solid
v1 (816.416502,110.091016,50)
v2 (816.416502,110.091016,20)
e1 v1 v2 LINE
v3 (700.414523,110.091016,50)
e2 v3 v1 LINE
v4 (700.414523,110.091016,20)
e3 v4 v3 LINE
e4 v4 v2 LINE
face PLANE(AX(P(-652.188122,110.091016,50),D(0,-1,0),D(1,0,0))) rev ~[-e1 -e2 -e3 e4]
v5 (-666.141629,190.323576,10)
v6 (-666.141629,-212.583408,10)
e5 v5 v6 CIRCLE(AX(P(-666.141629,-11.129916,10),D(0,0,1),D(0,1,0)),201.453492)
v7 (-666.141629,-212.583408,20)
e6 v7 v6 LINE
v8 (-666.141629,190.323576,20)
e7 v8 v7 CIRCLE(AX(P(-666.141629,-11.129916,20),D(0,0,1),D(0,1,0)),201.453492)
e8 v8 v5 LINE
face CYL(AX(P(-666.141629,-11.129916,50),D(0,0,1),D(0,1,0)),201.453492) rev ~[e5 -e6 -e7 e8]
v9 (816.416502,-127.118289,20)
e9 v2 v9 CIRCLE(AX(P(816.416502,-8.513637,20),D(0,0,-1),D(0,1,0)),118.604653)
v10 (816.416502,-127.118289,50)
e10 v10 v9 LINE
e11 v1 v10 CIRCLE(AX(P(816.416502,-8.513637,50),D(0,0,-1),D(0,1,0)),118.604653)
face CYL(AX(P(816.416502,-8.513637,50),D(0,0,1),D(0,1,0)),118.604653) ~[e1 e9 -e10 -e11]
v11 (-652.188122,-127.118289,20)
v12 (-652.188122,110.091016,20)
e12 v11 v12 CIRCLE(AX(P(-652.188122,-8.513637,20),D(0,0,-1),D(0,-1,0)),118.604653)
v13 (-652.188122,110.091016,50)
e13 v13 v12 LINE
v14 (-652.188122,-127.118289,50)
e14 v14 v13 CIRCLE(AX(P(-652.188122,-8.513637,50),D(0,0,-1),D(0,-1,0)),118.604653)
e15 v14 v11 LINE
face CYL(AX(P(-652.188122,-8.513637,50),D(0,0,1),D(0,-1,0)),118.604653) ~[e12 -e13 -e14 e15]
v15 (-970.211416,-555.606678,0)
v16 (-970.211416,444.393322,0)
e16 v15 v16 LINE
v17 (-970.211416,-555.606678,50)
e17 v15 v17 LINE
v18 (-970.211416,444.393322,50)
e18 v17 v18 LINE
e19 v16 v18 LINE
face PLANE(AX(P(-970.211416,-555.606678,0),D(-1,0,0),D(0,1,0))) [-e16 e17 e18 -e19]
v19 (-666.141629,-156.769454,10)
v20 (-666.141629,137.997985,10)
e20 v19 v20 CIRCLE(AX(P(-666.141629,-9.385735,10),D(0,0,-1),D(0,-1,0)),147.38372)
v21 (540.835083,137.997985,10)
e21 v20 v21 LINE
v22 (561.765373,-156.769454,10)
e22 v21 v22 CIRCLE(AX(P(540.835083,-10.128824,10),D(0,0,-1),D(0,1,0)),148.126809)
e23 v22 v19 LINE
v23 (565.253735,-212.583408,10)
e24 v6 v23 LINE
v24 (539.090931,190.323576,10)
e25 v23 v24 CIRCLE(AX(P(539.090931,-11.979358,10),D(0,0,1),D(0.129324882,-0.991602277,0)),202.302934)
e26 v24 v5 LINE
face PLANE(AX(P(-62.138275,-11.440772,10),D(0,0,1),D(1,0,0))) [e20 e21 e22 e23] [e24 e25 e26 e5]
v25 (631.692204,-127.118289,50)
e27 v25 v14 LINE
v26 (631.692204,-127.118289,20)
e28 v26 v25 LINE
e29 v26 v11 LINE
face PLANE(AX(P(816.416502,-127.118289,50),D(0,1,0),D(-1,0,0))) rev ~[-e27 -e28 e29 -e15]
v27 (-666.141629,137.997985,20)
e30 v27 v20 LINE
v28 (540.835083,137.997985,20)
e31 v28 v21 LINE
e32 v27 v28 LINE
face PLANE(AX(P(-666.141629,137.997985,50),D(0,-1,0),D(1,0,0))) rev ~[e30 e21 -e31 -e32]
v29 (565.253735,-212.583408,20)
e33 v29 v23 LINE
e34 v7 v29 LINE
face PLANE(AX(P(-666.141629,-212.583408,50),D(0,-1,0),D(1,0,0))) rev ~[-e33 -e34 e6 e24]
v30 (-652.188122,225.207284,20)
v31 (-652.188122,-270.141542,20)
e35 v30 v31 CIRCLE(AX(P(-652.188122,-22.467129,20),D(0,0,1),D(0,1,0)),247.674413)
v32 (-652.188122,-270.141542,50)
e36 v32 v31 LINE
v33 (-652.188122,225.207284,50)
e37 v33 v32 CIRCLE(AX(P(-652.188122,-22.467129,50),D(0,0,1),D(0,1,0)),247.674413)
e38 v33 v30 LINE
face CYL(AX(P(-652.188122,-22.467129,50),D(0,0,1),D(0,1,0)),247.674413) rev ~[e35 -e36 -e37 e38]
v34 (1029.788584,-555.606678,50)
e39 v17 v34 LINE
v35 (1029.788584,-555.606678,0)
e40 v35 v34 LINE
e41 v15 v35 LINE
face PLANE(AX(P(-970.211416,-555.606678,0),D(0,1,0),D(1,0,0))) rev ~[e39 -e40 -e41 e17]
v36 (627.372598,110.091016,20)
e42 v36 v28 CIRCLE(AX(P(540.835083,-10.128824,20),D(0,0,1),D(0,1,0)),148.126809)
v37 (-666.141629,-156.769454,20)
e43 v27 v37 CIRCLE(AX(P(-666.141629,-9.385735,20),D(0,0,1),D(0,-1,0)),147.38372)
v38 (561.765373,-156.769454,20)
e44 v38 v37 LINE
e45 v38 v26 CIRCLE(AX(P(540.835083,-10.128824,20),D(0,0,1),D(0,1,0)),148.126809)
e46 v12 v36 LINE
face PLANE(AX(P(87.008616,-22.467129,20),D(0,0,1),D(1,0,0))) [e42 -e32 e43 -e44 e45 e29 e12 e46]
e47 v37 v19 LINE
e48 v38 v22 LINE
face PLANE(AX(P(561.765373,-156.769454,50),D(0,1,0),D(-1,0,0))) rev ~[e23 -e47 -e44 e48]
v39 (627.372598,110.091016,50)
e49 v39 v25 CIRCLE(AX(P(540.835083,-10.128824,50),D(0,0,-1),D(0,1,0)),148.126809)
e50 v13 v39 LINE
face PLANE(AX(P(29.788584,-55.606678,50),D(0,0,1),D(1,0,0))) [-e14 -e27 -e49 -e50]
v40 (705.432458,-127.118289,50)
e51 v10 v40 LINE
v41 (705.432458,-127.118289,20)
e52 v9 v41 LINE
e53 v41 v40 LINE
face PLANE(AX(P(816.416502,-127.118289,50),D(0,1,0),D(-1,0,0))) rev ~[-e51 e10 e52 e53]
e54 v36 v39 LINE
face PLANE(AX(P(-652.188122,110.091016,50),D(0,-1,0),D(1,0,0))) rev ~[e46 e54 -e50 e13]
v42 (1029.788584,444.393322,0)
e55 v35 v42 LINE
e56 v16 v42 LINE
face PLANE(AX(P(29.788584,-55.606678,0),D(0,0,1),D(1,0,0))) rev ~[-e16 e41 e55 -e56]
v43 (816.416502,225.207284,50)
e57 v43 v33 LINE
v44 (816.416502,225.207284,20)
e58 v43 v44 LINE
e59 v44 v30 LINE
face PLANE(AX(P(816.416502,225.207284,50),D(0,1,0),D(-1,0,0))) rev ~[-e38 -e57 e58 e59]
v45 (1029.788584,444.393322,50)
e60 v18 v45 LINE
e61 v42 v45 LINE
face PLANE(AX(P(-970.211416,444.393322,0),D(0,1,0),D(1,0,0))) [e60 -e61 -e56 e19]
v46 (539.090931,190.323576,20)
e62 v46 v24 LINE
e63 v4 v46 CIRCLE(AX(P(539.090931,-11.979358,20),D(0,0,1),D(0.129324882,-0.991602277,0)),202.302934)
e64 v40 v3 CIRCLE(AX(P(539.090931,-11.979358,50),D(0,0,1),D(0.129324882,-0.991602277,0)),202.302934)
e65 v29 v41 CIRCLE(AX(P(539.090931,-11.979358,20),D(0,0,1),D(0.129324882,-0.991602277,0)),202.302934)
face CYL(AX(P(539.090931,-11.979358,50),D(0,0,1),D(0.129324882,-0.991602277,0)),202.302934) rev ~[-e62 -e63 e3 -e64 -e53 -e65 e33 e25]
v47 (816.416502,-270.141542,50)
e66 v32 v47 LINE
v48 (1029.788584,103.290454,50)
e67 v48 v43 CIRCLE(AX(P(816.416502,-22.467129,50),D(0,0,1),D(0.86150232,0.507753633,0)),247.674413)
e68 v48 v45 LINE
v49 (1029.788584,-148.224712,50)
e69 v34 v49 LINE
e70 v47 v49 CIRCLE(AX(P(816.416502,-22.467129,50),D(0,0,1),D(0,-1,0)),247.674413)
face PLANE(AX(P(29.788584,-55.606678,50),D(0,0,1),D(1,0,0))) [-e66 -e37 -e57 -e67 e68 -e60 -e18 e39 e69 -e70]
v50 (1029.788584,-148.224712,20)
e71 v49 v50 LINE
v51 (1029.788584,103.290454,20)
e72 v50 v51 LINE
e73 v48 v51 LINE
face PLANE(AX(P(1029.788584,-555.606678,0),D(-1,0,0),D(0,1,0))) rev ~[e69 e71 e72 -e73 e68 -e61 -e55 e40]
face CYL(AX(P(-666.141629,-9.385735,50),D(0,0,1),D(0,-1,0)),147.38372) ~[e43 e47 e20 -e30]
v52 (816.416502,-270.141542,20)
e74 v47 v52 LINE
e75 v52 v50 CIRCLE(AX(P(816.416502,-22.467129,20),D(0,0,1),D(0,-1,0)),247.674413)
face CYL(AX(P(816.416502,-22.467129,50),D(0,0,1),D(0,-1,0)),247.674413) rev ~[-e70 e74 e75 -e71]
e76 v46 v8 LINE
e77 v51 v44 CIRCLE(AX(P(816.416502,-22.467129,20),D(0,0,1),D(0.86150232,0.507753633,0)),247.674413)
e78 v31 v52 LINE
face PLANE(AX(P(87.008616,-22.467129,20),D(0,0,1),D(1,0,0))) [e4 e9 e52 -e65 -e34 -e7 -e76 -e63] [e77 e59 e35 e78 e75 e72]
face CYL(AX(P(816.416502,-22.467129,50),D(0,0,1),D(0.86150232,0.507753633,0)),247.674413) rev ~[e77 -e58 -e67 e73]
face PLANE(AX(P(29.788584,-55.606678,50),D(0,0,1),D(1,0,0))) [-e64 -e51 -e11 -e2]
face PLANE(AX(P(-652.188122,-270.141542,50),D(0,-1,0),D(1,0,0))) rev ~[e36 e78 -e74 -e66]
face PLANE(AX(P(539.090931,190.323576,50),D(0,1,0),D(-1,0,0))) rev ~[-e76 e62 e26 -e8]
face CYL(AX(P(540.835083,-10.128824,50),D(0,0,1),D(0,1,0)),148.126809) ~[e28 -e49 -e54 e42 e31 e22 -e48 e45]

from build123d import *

# Parameters (mm, degrees)
F0_W     = 2000
F0_H     = 1000
F1_DEPTH = 50
F3_DEPTH = 30
F5_DEPTH = 40


with BuildPart() as f1:
    # F0 (on Top) → F1 (new body)
    with BuildSketch(Plane.XY):
        with Locations((29.7885835171, -55.6066778026)):
            Rectangle(F0_W, F0_H)
    extrude(amount=F1_DEPTH)

    # F2 (on face) → F3 (cut)
    with BuildSketch(Plane.XY.offset(50)):
        with BuildLine():
            Line((816.4165019989, 225.2072840929), (-652.1881222725, 225.2072840929))
            ThreePointArc((-652.1881222725, 225.2072840929), (-899.8625352979, -22.4671289325), (-652.1881222725, -270.1415419579))
            Line((-652.1881222725, -270.1415419579), (816.4165019989, -270.1415419579))
            ThreePointArc((816.4165019989, -270.1415419579), (939.2897686207, -237.5131128921), (1029.7885835171, -148.2247119884))
            Line((1029.7885835171, -148.2247119884), (1029.7885835171, 103.2904541234))
            ThreePointArc((1029.7885835171, 103.2904541234), (939.2897686207, 192.5788550272), (816.4165019989, 225.2072840929))
        make_face()
        with BuildLine():
            Line((816.4165019989, -127.1182894707), (-652.1881222725, -127.1182894707))
            ThreePointArc((-652.1881222725, -127.1182894707), (-770.7927748561, -8.5136368871), (-652.1881222725, 110.0910156965))
            Line((-652.1881222725, 110.0910156965), (816.4165019989, 110.0910156965))
            ThreePointArc((816.4165019989, 110.0910156965), (935.0211545825, -8.5136368871), (816.4165019989, -127.1182894707))
        make_face(mode=Mode.SUBTRACT)
    extrude(amount=-F3_DEPTH, mode=Mode.SUBTRACT)

    # F4 (on face) → F5 (cut)
    with BuildSketch(Plane.XY.offset(50)):
        with BuildLine():
            Line((539.0909314156, 190.3235763311), (-666.1416292191, 190.3235763311))
            ThreePointArc((-666.1416292191, 190.3235763311), (-867.5951212645, -11.1299157143), (-666.1416292191, -212.5834077597))
            Line((-666.1416292191, -212.5834077597), (565.2537345886, -212.5834077597))
            ThreePointArc((565.2537345886, -212.5834077597), (740.9686977118, 1.1295941099), (539.0909314156, 190.3235763311))
        make_face()
        with BuildLine():
            Line((561.7653727531, -156.7694544792), (-666.1416292191, -156.7694544792))
            ThreePointArc((-666.1416292191, -156.7694544792), (-813.5253489017, -9.3857347965), (-666.1416292191, 137.9979848862))
            Line((-666.1416292191, 137.9979848862), (540.835082531, 137.9979848862))
            ThreePointArc((540.835082531, 137.9979848862), (688.589879711, 0.362669805), (561.7653727531, -156.7694544792))
        make_face(mode=Mode.SUBTRACT)
    extrude(amount=-F5_DEPTH, mode=Mode.SUBTRACT)


solid = f1.part
